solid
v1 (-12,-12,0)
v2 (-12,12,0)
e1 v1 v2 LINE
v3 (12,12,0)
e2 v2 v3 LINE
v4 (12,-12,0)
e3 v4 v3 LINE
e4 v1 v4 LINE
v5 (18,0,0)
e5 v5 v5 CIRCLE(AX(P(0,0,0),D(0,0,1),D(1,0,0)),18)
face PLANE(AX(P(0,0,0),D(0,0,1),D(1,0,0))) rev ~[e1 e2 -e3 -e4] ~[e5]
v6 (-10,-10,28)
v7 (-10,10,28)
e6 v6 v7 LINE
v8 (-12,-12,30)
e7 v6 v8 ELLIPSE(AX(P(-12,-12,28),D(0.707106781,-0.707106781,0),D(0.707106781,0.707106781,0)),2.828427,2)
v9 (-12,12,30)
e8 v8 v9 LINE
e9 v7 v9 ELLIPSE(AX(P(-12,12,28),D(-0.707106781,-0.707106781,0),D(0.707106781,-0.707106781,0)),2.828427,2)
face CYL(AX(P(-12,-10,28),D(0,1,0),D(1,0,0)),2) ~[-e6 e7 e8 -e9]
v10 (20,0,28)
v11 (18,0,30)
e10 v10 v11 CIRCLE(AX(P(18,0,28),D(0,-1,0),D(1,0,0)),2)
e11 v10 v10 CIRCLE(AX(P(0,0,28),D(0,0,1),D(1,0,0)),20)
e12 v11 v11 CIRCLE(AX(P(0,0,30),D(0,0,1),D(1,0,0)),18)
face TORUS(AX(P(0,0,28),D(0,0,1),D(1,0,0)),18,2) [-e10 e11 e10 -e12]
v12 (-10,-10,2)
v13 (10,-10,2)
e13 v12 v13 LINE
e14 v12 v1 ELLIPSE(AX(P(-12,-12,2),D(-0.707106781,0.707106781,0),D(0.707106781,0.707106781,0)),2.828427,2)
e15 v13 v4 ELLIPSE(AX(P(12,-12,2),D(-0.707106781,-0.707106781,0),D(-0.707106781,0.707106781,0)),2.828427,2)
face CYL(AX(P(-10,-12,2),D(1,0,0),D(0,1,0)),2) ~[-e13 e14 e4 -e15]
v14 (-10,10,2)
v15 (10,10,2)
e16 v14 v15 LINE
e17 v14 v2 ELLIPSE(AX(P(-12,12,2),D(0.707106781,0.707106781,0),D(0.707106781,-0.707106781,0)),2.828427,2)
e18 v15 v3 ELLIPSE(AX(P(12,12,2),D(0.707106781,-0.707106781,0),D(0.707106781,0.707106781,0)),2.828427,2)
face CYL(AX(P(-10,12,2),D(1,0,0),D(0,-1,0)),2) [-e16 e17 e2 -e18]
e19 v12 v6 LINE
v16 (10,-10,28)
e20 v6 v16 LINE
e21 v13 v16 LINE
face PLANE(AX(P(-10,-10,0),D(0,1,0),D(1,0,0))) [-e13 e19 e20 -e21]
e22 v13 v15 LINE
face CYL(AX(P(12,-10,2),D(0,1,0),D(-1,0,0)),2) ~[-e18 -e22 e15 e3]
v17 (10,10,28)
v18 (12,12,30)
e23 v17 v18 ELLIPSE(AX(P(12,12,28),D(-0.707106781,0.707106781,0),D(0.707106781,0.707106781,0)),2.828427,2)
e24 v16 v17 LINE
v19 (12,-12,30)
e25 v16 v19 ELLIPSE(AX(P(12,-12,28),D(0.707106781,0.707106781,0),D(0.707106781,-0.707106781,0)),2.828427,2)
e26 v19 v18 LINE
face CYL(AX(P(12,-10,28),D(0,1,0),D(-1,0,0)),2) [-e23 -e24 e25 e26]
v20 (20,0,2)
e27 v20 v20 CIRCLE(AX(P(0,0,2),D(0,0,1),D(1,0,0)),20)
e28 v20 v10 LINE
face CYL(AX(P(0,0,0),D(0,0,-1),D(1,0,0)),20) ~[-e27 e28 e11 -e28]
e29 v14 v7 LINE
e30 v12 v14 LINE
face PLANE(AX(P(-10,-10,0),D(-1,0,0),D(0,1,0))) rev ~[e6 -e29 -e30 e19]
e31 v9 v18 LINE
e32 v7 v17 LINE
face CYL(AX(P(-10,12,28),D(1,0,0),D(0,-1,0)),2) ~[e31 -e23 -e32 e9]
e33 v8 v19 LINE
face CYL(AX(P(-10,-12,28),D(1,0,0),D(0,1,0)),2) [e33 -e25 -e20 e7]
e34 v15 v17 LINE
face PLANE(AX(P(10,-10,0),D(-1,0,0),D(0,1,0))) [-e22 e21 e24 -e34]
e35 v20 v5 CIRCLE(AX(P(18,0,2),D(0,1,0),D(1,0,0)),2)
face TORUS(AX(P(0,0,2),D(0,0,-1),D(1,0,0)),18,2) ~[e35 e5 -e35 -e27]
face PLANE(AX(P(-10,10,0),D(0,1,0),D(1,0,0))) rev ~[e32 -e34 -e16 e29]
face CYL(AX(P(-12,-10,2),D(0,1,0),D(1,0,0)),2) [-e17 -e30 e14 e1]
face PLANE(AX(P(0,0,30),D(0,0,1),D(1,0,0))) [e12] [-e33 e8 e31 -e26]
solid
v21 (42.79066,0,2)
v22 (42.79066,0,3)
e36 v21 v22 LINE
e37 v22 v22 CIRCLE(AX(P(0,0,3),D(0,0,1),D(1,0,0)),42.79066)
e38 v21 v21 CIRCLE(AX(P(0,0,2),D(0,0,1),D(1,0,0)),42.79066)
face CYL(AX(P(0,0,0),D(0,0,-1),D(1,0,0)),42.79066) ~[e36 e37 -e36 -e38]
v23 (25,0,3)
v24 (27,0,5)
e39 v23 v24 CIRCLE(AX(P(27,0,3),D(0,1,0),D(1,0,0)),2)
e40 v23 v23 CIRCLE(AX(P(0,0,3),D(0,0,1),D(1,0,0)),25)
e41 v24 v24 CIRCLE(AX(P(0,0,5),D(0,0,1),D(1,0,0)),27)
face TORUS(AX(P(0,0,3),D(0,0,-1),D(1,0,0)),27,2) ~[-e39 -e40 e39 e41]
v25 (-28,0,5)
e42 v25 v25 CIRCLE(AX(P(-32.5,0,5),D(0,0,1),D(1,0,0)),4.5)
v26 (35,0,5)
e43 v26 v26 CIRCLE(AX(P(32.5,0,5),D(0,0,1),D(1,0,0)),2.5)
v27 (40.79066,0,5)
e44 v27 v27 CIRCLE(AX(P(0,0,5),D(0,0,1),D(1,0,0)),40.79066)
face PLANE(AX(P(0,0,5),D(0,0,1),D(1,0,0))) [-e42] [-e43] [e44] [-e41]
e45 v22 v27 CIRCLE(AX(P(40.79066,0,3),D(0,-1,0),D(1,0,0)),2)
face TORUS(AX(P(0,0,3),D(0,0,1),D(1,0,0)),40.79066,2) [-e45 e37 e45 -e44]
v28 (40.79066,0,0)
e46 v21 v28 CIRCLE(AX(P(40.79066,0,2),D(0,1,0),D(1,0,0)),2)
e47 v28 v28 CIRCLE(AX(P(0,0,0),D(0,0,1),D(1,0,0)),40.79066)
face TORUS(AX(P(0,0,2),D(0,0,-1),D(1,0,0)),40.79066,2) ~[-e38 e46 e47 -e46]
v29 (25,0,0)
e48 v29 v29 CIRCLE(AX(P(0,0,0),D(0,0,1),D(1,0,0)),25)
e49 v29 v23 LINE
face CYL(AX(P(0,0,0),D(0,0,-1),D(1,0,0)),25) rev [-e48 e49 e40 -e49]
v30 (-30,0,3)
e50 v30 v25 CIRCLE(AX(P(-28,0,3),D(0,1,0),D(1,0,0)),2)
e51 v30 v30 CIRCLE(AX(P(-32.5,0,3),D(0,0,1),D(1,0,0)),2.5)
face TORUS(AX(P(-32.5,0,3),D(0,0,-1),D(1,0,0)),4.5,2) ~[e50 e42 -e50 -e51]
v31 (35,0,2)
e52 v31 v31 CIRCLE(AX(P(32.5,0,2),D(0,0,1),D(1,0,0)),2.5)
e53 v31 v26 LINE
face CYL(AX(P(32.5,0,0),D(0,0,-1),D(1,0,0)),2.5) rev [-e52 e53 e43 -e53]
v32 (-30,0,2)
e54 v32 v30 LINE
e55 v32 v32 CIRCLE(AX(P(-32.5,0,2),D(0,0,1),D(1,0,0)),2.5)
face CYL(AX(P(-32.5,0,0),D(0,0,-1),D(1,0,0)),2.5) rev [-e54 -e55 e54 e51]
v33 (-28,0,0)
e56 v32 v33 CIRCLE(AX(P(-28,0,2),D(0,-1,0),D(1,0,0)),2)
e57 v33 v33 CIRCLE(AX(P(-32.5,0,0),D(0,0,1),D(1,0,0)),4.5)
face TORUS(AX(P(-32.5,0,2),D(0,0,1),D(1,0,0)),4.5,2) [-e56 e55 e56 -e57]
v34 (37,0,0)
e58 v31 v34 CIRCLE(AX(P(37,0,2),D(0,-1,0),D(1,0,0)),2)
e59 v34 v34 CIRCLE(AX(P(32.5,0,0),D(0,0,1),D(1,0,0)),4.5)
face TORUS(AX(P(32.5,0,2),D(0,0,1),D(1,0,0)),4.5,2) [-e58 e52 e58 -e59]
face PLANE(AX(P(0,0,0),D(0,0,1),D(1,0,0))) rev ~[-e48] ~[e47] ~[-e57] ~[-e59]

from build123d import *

# Parameters (mm, degrees)
F0_R     = 42.79066
F0_R_2   = 2.5
F0_R_3   = 25
F1_DEPTH = 5
F0_R_4   = 20
F0_W     = 20
F0_H     = 20
F2_DEPTH = 30
F3_R     = 2
F3_2_R   = 2


with BuildPart() as f1:
    # F0 (on Top) → F1 (new body)
    with BuildSketch(Plane.XY):
        Circle(F0_R)
        with Locations((-32.5, 0)):
            Circle(F0_R_2, mode=Mode.SUBTRACT)
        Circle(F0_R_3, mode=Mode.SUBTRACT)
        with Locations((32.5, 0)):
            Circle(F0_R_2, mode=Mode.SUBTRACT)
    extrude(amount=F1_DEPTH)

    # F3
    f3_edges = [f1.edges().sort_by_distance(p)[0] for p in [
        (-42.79066, 0, 0),
        (-42.79066, 0, 5),
        (-25, 0, 5),
        (-35, 0, 5),
        (-35, 0, 0),
        (30, 0, 0),
    ]]
    fillet(f3_edges, radius=F3_R)


with BuildPart() as f2:
    # F0 (on Top) → F2 (new body)
    with BuildSketch(Plane.XY):
        Circle(F0_R_4)
        Rectangle(F0_W, F0_H, mode=Mode.SUBTRACT)
    extrude(amount=F2_DEPTH)

    # F3#2
    f3_2_edges = [f2.edges().sort_by_distance(p)[0] for p in [
        (-20, 0, 30),
        (-20, 0, 0),
        (0, 10, 30),
        (-10, 0, 30),
        (0, -10, 30),
        (10, 0, 30),
        (0, 10, 0),
        (10, 0, 0),
        (-10, 0, 0),
        (0, -10, 0),
    ]]
    fillet(f3_2_edges, radius=F3_2_R)


solid = Compound([f1.part, f2.part])
